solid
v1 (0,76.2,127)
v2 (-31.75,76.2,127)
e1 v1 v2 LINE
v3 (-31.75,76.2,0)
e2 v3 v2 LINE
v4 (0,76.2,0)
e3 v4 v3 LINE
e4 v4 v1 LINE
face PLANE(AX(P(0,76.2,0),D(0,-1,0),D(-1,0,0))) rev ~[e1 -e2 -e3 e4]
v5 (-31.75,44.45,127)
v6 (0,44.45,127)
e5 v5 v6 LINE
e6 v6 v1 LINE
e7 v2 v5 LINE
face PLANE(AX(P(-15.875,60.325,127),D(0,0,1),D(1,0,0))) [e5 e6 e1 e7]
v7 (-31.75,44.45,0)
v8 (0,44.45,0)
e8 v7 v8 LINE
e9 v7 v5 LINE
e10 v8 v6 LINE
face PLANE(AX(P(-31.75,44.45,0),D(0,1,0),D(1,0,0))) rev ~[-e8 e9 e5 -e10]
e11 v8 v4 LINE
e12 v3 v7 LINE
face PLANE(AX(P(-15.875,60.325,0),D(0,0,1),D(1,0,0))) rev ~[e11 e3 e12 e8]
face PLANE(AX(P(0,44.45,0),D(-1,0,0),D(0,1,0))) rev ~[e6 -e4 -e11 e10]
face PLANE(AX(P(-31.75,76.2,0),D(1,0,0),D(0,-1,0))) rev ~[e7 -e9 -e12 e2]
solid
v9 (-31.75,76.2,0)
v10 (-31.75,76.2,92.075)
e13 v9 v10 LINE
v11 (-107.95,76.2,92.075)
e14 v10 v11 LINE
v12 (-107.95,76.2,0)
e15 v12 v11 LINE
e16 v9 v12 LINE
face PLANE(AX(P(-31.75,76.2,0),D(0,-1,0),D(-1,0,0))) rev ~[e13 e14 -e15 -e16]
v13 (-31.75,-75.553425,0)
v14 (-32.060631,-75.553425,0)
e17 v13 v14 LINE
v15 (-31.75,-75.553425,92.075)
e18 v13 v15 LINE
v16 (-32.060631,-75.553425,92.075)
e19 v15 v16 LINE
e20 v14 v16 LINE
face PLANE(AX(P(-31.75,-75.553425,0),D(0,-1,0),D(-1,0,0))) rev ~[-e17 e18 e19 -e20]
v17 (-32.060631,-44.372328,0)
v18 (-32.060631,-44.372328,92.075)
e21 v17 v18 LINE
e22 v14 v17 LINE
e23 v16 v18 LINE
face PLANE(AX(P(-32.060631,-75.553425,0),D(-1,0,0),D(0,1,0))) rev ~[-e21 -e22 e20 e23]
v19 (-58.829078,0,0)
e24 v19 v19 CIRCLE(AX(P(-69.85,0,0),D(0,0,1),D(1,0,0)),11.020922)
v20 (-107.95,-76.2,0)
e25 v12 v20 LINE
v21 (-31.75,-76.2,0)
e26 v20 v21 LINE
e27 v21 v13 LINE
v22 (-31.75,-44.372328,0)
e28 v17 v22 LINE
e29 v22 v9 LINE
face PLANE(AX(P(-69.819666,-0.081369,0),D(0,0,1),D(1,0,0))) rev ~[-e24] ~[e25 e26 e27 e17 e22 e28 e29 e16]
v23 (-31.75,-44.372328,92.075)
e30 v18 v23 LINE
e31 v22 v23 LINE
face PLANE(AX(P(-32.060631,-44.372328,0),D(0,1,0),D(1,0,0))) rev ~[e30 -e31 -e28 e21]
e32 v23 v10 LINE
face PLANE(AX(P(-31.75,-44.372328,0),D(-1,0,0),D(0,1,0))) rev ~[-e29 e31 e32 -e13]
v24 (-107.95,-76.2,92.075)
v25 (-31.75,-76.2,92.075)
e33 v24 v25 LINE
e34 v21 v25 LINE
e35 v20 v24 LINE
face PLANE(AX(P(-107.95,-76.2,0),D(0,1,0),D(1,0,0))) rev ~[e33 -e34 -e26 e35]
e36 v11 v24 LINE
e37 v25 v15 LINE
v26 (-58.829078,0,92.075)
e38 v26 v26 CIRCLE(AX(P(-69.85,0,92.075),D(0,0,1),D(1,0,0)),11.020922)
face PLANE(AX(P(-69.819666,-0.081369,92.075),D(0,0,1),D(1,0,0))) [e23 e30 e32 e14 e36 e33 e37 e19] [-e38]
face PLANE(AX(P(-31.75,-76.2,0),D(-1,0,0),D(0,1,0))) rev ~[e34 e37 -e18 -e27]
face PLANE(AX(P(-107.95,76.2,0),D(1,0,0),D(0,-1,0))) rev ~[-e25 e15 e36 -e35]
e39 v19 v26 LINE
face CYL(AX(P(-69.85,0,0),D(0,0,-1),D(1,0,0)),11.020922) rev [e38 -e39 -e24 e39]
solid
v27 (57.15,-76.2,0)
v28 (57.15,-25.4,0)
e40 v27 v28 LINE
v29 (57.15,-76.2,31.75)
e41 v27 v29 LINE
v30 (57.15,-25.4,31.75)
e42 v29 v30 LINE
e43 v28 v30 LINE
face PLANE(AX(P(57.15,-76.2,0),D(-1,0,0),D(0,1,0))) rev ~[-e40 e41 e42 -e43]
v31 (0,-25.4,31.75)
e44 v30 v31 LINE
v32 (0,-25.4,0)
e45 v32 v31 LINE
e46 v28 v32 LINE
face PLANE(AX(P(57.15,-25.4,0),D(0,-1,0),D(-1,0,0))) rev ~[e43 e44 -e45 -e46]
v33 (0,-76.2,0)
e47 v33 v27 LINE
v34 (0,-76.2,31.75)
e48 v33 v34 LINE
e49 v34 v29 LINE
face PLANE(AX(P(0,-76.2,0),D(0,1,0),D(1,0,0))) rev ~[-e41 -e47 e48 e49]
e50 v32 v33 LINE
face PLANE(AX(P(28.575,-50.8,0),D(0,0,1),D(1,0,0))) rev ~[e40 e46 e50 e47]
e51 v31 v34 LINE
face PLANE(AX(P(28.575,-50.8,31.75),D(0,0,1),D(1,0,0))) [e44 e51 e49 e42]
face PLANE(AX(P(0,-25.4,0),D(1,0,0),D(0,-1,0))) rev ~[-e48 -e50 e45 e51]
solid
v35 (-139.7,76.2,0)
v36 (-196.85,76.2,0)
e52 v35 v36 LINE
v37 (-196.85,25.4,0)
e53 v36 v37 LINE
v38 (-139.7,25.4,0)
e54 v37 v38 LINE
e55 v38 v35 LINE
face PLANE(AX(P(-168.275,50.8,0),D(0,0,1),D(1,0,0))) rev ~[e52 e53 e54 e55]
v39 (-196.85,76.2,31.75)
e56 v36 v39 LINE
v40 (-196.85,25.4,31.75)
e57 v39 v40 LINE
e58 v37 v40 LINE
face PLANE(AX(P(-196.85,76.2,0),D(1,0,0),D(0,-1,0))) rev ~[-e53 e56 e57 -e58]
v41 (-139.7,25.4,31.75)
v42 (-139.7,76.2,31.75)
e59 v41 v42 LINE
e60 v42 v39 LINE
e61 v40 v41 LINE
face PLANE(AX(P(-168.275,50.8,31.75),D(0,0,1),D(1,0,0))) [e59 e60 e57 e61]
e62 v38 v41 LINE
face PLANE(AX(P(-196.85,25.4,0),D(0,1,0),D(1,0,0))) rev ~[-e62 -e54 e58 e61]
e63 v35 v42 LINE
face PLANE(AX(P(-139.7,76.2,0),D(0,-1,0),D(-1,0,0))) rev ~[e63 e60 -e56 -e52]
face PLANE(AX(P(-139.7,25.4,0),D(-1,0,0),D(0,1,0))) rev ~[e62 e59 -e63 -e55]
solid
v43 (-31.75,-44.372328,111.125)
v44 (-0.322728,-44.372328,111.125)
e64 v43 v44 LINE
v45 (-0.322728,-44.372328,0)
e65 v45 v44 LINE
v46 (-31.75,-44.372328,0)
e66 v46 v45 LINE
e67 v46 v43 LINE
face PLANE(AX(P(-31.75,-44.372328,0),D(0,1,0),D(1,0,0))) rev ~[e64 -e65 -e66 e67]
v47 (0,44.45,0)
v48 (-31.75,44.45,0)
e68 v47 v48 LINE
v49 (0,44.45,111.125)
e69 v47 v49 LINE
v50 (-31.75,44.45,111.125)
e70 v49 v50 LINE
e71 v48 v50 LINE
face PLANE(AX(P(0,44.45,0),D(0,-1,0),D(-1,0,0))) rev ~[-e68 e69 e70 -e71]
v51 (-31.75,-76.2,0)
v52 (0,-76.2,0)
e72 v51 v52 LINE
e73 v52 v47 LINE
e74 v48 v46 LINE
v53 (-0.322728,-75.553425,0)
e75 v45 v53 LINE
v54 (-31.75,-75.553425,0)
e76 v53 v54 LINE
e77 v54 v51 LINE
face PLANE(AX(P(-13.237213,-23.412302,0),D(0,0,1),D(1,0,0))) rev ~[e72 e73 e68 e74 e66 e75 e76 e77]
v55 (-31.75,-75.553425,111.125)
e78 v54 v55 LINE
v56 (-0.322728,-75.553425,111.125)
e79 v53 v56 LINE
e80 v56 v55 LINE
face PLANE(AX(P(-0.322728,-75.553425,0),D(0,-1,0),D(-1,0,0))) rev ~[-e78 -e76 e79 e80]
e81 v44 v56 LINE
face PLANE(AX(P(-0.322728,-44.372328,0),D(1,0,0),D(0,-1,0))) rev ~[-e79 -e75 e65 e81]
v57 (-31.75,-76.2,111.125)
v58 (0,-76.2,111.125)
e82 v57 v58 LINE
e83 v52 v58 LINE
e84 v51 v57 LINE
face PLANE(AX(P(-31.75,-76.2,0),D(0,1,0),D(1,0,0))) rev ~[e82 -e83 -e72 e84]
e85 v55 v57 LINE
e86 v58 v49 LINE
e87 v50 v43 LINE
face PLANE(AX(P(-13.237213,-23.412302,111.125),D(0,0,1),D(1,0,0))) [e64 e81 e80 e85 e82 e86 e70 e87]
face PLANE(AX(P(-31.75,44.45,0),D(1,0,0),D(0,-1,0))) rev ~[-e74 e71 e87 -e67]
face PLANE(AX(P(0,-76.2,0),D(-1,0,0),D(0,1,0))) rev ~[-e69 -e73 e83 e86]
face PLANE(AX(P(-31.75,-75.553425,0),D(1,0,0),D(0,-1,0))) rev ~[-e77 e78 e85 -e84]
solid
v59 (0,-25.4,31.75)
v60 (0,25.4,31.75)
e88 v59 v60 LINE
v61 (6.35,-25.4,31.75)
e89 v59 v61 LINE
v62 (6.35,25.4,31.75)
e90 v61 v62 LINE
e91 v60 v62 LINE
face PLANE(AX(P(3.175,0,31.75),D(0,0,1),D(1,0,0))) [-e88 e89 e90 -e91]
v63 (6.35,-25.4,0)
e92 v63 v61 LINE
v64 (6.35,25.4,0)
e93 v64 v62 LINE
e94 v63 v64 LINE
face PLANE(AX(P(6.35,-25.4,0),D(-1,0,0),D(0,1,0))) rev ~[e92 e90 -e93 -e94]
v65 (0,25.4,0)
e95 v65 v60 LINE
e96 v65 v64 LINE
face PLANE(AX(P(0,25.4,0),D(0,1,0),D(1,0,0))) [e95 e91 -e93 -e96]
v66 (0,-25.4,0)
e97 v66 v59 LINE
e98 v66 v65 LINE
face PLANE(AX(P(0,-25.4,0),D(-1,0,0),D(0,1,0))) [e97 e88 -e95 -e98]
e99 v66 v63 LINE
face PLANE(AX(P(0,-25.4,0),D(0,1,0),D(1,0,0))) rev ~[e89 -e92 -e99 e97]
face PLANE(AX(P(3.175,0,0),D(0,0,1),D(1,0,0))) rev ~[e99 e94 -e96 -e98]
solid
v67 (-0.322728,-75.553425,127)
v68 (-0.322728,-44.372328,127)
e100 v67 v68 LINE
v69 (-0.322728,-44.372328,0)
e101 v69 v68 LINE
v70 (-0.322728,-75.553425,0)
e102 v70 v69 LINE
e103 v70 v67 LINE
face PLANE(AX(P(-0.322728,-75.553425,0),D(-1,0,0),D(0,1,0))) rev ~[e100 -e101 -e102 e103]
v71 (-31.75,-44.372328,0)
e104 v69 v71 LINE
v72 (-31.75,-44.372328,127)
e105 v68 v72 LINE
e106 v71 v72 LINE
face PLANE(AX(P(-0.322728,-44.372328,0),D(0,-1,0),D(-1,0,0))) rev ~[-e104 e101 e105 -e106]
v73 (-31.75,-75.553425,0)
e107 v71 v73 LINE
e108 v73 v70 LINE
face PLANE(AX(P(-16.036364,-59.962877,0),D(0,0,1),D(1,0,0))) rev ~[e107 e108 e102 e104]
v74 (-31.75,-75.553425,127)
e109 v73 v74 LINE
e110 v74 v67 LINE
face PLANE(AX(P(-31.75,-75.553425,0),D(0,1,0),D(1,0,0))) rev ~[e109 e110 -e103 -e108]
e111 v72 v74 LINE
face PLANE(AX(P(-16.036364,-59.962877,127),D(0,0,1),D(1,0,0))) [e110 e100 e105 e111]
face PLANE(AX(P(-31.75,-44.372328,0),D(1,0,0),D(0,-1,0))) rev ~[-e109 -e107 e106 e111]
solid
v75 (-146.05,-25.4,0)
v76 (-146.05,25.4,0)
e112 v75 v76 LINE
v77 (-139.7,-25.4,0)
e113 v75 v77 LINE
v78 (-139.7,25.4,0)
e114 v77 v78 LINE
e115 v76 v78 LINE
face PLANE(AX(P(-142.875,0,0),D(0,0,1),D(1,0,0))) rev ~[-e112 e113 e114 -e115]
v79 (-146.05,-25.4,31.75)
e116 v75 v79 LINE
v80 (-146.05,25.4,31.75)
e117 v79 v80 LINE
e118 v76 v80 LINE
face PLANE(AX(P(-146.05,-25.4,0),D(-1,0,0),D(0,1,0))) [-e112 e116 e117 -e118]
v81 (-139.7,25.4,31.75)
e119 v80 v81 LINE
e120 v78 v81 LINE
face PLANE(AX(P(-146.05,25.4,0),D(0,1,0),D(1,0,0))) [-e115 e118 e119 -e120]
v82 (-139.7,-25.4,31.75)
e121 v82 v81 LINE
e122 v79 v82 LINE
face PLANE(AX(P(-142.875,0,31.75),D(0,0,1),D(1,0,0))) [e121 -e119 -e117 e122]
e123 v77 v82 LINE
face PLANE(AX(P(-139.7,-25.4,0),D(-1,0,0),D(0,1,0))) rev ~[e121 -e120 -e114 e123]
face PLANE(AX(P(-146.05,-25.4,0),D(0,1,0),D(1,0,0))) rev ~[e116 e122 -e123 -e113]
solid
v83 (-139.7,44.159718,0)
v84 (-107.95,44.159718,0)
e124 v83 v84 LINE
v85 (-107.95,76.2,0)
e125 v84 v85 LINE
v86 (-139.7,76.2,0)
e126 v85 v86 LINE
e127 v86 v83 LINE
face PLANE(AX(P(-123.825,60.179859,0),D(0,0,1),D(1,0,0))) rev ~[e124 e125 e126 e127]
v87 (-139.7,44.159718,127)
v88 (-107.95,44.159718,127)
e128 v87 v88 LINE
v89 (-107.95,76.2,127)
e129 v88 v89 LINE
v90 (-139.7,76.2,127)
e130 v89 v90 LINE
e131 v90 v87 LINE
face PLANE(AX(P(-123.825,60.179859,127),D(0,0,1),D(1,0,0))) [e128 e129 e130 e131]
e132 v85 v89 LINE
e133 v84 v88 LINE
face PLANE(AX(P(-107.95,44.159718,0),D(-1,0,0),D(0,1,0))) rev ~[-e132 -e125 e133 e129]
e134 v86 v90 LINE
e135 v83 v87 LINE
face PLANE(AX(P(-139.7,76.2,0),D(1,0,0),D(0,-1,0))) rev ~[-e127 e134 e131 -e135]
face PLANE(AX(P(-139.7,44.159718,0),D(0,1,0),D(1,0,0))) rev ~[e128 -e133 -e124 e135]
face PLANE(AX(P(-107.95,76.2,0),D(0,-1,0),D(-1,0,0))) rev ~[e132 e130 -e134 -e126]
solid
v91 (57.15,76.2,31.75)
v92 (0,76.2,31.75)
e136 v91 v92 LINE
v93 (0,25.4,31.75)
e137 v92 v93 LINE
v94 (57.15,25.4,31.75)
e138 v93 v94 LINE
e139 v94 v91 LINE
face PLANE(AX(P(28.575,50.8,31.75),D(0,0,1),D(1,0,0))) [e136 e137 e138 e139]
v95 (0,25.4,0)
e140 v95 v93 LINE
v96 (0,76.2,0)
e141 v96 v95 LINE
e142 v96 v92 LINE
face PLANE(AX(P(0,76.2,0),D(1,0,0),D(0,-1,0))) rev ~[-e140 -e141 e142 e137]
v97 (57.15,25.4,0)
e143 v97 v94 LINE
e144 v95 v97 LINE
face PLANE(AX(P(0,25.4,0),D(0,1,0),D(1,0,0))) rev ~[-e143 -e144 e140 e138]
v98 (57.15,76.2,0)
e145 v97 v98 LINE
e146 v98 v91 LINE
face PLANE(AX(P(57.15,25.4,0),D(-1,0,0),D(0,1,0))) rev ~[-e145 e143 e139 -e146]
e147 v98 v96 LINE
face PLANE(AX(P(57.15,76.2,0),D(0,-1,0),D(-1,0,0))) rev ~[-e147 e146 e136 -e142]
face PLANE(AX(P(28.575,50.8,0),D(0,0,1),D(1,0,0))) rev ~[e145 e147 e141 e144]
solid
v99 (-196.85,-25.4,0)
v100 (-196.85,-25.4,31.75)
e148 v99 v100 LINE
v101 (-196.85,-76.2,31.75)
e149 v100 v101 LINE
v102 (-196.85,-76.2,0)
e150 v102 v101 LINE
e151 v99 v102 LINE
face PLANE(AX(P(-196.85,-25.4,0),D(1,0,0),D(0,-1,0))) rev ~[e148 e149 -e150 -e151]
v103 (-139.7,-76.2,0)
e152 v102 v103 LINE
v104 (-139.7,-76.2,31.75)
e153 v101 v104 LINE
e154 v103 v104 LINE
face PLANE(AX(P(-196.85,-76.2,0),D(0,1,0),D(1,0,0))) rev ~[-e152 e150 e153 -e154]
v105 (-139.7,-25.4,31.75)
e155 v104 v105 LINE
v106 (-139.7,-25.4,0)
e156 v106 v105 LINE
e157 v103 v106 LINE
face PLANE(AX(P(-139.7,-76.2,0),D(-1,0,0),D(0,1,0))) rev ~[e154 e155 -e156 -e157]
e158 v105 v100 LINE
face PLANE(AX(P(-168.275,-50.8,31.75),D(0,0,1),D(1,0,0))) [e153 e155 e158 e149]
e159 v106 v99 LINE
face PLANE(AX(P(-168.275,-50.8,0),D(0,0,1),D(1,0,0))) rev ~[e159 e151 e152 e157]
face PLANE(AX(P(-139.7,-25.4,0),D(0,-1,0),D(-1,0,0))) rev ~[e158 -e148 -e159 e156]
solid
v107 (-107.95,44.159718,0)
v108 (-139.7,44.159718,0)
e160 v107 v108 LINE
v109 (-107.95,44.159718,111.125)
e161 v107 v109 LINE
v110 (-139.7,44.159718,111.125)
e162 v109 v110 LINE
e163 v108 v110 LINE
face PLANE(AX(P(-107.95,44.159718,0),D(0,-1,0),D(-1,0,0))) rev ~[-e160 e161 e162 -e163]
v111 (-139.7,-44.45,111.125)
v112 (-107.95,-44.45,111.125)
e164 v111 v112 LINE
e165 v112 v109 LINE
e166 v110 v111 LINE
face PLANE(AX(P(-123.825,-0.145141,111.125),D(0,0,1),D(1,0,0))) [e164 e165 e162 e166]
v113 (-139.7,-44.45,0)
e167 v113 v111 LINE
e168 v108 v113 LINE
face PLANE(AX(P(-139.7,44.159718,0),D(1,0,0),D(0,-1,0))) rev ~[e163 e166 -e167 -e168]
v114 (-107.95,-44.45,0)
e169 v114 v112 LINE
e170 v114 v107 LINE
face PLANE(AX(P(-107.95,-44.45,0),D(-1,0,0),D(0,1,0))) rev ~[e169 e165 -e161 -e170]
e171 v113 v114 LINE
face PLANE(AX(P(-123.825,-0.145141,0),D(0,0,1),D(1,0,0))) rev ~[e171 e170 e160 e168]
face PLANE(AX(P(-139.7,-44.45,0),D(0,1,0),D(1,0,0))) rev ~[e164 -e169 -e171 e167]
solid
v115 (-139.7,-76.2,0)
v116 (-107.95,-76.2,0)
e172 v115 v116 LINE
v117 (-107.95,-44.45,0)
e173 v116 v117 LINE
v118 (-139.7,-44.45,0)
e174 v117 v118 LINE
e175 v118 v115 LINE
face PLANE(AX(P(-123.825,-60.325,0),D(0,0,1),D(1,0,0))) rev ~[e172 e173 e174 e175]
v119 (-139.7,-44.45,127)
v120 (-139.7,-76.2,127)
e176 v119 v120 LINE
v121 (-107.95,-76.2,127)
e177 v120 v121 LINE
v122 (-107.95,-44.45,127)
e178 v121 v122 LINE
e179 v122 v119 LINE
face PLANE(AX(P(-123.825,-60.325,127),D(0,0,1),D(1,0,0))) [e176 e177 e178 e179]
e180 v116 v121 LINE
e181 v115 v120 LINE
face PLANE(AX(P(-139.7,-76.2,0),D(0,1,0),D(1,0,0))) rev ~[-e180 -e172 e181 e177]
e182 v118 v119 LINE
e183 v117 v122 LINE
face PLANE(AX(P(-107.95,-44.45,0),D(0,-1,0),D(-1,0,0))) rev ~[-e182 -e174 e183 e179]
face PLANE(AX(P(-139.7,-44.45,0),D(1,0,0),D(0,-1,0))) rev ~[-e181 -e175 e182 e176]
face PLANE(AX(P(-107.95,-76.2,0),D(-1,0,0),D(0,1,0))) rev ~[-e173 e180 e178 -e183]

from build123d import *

# Parameters (mm, degrees)
F1_DEPTH = 127
F2_DEPTH = 111.125
F0_R     = 11.020922
F3_DEPTH = 92.075
F4_DEPTH = 31.75
F0_W     = 6.35
F0_H     = 50.8
F5_DEPTH = 31.75


with BuildPart() as f1:
    # F0 (on Top) → F1 (new body)
    with BuildSketch(Plane.XY):
        Polygon((-107.95, 64.560475), (-107.95, 76.2), (-139.7, 76.2), (-139.7, 64.484443), (-139.7, 44.45), (-139.7, 44.159718), (-107.95, 44.159718), align=None)
        Polygon((0, 76.2), (-31.75, 76.2), (-31.75, 47.939115), (-31.75, 44.45), (0, 44.45), align=None)
        Polygon((-107.95, -51.318158), (-107.95, -44.45), (-139.7, -44.45), (-139.7, -51.39419), (-139.7, -76.2), (-107.95, -76.2), align=None)
        Polygon((-0.322728, -44.372328), (-31.75, -44.372328), (-31.75, -50.97873), (-31.75, -75.553425), (-0.322728, -75.553425), align=None)
    extrude(amount=F1_DEPTH)


with BuildPart() as f2:
    # F0 (on Top) → F2 (new body)
    with BuildSketch(Plane.XY):
        Polygon((-107.95, -44.45), (-107.95, 44.159718), (-139.7, 44.159718), (-139.7, 25.4), (-139.7, -25.4), (-139.7, -44.45), align=None)
        Polygon((0, 44.45), (-31.75, 44.45), (-31.75, -44.372328), (-0.322728, -44.372328), (-0.322728, -75.553425), (-31.75, -75.553425), (-31.75, -76.2), (0, -76.2), (0, -50.902698), (0, -44.45), (0, -25.4), (0, 25.4), (0, 36.746405), align=None)
    extrude(amount=F2_DEPTH)


with BuildPart() as f3:
    # F0 (on Top) → F3 (new body)
    with BuildSketch(Plane.XY):
        Polygon((-31.75, 76.2), (-107.95, 76.2), (-107.95, 64.560475), (-107.95, 44.159718), (-107.95, -44.45), (-107.95, -51.318158), (-107.95, -76.2), (-31.75, -76.2), (-31.75, -75.553425), (-32.060631, -75.553425), (-32.060631, -44.372328), (-31.75, -44.372328), (-31.75, 44.45), (-31.75, 47.939115), align=None)
        with Locations((-69.85, 0)):
            Circle(F0_R, mode=Mode.SUBTRACT)
    extrude(amount=F3_DEPTH)


with BuildPart() as f4:
    # F0 (on Top) → F4 (new body)
    with BuildSketch(Plane.XY):
        Polygon((-139.7, 64.484443), (-139.7, 76.2), (-196.85, 76.2), (-196.85, 25.4), (-146.05, 25.4), (-139.7, 25.4), (-139.7, 44.159718), (-139.7, 44.45), align=None)
        Polygon((-139.7, -51.39419), (-139.7, -44.45), (-139.7, -25.4), (-146.05, -25.4), (-196.85, -25.4), (-196.85, -76.2), (-139.7, -76.2), align=None)
        Polygon((57.15, 76.2), (0, 76.2), (0, 44.45), (0, 36.746405), (0, 25.4), (6.35, 25.4), (57.15, 25.4), align=None)
        Polygon((6.35, -25.4), (0, -25.4), (0, -44.45), (0, -50.902698), (0, -76.2), (57.15, -76.2), (57.15, -25.4), align=None)
    extrude(amount=F4_DEPTH)


with BuildPart() as f5:
    # F0 (on Top) → F5 (new body)
    with BuildSketch(Plane.XY):
        with Locations((-142.875, 0)):
            Rectangle(F0_W, F0_H)
        with Locations((3.175, 0)):
            Rectangle(F0_W, F0_H)
    extrude(amount=F5_DEPTH)


solid = Compound([f1.part, f2.part, f3.part, f4.part, f5.part])
